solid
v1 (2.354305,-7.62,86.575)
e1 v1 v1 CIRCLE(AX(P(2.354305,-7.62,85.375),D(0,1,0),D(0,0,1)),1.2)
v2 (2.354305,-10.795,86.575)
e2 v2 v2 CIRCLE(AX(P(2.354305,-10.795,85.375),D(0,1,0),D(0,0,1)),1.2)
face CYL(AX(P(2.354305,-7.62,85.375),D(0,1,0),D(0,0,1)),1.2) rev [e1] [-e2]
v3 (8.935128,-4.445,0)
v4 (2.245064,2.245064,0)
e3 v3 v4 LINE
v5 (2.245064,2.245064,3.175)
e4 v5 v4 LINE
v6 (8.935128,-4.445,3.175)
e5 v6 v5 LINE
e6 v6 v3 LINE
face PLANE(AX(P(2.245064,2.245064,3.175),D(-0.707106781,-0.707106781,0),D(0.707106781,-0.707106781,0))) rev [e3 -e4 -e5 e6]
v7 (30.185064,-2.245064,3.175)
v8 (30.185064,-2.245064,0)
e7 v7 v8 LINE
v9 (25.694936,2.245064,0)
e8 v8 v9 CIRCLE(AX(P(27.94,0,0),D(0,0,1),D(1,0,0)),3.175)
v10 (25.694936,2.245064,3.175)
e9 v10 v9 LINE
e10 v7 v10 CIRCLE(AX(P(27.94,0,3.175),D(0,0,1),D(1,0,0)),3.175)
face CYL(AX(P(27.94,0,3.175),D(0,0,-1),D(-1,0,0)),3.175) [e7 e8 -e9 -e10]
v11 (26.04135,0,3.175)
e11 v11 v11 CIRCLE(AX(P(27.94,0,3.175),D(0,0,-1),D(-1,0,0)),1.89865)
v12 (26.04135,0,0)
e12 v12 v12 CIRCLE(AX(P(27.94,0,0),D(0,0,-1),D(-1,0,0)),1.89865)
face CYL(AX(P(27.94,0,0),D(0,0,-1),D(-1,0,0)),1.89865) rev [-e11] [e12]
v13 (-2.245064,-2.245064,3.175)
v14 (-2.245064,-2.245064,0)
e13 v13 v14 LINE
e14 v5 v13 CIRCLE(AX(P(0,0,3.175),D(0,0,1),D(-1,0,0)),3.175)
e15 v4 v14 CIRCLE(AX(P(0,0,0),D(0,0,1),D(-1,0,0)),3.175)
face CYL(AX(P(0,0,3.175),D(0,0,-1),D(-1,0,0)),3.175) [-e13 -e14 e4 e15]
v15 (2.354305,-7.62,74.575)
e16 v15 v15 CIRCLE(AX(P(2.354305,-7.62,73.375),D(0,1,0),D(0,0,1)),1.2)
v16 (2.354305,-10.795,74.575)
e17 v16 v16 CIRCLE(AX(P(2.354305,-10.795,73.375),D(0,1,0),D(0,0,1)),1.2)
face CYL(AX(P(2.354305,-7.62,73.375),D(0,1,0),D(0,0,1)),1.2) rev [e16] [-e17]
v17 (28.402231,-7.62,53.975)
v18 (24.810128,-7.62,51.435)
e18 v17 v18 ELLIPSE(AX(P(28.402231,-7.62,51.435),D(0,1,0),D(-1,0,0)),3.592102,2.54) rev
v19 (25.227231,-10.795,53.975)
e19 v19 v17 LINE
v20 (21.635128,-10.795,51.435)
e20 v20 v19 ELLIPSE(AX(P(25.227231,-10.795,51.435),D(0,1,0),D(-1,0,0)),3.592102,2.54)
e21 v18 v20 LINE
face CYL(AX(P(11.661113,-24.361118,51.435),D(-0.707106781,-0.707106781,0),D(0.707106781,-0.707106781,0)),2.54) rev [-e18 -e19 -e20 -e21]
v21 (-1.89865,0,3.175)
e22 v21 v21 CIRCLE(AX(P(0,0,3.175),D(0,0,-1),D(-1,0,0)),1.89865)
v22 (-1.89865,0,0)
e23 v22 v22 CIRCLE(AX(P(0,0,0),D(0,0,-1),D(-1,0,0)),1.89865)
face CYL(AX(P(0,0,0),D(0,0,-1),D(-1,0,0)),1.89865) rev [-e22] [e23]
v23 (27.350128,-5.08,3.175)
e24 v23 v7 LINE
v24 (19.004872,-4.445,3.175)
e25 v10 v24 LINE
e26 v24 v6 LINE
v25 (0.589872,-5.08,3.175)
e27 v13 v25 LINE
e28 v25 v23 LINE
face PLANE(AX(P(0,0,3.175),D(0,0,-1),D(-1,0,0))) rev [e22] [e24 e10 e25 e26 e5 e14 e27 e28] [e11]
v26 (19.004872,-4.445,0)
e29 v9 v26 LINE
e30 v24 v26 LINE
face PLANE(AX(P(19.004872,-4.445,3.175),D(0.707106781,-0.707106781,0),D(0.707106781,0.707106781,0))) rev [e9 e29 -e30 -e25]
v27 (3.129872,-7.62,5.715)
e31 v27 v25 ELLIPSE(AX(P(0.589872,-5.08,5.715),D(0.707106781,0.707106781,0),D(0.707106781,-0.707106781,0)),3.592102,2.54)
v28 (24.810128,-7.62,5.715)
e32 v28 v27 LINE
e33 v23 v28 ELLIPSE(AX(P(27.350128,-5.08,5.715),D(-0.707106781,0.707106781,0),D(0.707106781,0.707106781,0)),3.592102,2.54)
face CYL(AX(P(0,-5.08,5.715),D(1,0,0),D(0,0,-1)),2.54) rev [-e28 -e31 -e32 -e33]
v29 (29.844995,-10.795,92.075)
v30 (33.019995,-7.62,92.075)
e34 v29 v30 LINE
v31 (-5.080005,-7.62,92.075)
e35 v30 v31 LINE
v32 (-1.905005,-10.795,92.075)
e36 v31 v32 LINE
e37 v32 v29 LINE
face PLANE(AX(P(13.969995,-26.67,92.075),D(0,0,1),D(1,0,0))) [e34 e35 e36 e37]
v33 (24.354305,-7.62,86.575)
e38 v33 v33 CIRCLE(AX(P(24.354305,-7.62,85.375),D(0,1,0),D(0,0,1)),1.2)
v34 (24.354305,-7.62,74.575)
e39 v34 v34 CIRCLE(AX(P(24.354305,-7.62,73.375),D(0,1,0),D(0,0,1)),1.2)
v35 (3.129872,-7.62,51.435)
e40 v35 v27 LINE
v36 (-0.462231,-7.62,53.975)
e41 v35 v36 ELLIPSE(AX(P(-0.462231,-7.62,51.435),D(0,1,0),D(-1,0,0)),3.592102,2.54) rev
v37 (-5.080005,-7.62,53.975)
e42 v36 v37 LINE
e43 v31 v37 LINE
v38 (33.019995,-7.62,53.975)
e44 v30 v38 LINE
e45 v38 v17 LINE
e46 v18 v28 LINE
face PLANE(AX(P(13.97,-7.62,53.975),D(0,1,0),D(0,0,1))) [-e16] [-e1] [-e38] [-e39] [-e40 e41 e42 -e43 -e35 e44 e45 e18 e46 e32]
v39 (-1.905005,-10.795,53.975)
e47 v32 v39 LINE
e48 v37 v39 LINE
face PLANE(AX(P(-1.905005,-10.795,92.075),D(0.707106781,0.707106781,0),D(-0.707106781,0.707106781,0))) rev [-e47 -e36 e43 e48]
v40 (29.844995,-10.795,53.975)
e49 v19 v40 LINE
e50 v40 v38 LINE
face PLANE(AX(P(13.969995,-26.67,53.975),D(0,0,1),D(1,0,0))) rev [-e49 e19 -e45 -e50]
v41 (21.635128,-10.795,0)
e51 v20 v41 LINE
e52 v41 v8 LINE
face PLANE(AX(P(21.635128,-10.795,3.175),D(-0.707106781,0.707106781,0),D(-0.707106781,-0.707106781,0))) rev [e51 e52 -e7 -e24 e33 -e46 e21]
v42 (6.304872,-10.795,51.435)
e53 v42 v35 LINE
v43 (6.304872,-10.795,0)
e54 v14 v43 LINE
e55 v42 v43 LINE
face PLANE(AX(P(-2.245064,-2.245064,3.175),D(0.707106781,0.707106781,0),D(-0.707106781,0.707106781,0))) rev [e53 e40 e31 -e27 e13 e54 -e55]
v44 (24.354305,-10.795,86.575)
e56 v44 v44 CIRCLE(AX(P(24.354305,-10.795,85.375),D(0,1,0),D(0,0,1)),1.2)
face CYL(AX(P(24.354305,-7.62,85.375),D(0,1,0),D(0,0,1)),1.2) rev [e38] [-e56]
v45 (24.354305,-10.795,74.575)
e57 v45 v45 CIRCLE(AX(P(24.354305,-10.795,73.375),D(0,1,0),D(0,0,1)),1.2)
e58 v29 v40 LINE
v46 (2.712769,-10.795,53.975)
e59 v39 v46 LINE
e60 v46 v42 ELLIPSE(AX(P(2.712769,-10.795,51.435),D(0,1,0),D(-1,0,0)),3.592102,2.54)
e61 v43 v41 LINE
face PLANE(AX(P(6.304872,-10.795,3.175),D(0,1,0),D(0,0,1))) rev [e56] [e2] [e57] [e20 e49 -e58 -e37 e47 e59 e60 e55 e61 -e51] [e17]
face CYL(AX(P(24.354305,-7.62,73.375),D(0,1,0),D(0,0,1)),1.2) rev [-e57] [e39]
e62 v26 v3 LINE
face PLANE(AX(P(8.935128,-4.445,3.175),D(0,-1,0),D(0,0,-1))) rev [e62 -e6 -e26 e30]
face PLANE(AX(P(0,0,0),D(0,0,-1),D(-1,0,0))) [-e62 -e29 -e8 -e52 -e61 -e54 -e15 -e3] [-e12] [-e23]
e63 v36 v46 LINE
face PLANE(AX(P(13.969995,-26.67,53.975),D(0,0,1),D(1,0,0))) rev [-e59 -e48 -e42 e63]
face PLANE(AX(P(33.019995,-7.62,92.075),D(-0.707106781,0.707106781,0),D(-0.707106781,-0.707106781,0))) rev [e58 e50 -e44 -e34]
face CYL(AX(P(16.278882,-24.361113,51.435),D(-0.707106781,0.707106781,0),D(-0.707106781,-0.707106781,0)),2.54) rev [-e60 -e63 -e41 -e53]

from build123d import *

# Parameters (mm, degrees)
BOSS_EXTRUDE1_DEPTH       = 3.175
SKETCH2_W                 = 15.330256122
SKETCH2_H                 = 3.175
BOSS_EXTRUDE2_DEPTH       = 50.8
FILLET1_R                 = 2.54
F_6_CLEARANCE_HOLE1_D     = 3.7973
F_6_CLEARANCE_HOLE1_DEPTH = 25.4
F_6_CLEARANCE_HOLE1_TIP   = 1.140824014
BOSS_EXTRUDE3_DEPTH       = 38.1
FILLET2_R                 = 2.54
M2_CLEARANCE_HOLE1_D      = 2.4
M2_CLEARANCE_HOLE1_DEPTH  = 25.4
M2_CLEARANCE_HOLE1_TIP    = 0.721032743


with BuildPart() as part:
    # Sketch1 → Boss-Extrude1 (new body)
    with BuildSketch(Plane.XY):
        with BuildLine():
            Line((-2.24506403, -2.24506403), (6.304871939, -10.795))
            Line((6.304871939, -10.795), (21.635128061, -10.795))
            Line((21.635128061, -10.795), (30.18506403, -2.24506403))
            ThreePointArc((30.18506403, -2.24506403), (30.18506403, 2.24506403), (25.69493597, 2.24506403))
            Line((25.69493597, 2.24506403), (19.004871939, -4.445))
            Line((19.004871939, -4.445), (8.935128061, -4.445))
            Line((8.935128061, -4.445), (2.24506403, 2.24506403))
            ThreePointArc((2.24506403, 2.24506403), (-2.24506403, 2.24506403), (-2.24506403, -2.24506403))
        make_face()
    extrude(amount=BOSS_EXTRUDE1_DEPTH)

    # Sketch2 → Boss-Extrude2 (add)
    with BuildSketch(Plane.XY.offset(3.175)):
        with Locations((13.97, -9.2075)):
            Rectangle(SKETCH2_W, SKETCH2_H)
        Polygon((3.129871939, -7.62), (6.304871939, -10.795), (6.304871939, -7.62), align=None)
        Polygon((21.635128061, -7.62), (21.635128061, -10.795), (24.810128061, -7.62), align=None)
    extrude(amount=BOSS_EXTRUDE2_DEPTH)

    # Fillet1
    fillet1_edges = [part.edges().sort_by_distance(p)[0] for p in [
        (13.97, -7.62, 3.175),
    ]]
    fillet(fillet1_edges, radius=FILLET1_R)

    # #6 Clearance Hole1
    with Locations(Plane(origin=(0, 0, 0), x_dir=(-1, 0, 0), z_dir=(0, 0, -1))):
        with Locations((-27.94, 0), (0, 0)):
            Hole(F_6_CLEARANCE_HOLE1_D / 2, depth=F_6_CLEARANCE_HOLE1_DEPTH)
            with Locations((0, 0, -(F_6_CLEARANCE_HOLE1_DEPTH + F_6_CLEARANCE_HOLE1_TIP / 2))):  # 118° drill point
                Cone(0, F_6_CLEARANCE_HOLE1_D / 2, F_6_CLEARANCE_HOLE1_TIP, mode=Mode.SUBTRACT)

    # Sketch7 → Boss-Extrude3 (add)
    with BuildSketch(Plane.XY.offset(53.975)):
        Polygon((-5.080004961, -7.62), (33.019995039, -7.62), (29.844995039, -10.795), (-1.905004961, -10.795), align=None)
    extrude(amount=BOSS_EXTRUDE3_DEPTH)

    # Fillet2
    fillet2_edges = [part.edges().sort_by_distance(p)[0] for p in [
        (4.717371939, -9.2075, 53.975),
        (23.222628061, -9.2075, 53.975),
    ]]
    fillet(fillet2_edges, radius=FILLET2_R)

    # M2 Clearance Hole1
    with Locations(Plane(origin=(0, -7.62, 0), x_dir=(-1, 0, 0), z_dir=(0, 1, 0))):
        with Locations((-2.354305281, 85.375), (-2.354305281, 73.375), (-24.354305281, 85.375), (-24.354305281, 73.375)):
            Hole(M2_CLEARANCE_HOLE1_D / 2, depth=M2_CLEARANCE_HOLE1_DEPTH)
            with Locations((0, 0, -(M2_CLEARANCE_HOLE1_DEPTH + M2_CLEARANCE_HOLE1_TIP / 2))):  # 118° drill point
                Cone(0, M2_CLEARANCE_HOLE1_D / 2, M2_CLEARANCE_HOLE1_TIP, mode=Mode.SUBTRACT)


solid = part.part
